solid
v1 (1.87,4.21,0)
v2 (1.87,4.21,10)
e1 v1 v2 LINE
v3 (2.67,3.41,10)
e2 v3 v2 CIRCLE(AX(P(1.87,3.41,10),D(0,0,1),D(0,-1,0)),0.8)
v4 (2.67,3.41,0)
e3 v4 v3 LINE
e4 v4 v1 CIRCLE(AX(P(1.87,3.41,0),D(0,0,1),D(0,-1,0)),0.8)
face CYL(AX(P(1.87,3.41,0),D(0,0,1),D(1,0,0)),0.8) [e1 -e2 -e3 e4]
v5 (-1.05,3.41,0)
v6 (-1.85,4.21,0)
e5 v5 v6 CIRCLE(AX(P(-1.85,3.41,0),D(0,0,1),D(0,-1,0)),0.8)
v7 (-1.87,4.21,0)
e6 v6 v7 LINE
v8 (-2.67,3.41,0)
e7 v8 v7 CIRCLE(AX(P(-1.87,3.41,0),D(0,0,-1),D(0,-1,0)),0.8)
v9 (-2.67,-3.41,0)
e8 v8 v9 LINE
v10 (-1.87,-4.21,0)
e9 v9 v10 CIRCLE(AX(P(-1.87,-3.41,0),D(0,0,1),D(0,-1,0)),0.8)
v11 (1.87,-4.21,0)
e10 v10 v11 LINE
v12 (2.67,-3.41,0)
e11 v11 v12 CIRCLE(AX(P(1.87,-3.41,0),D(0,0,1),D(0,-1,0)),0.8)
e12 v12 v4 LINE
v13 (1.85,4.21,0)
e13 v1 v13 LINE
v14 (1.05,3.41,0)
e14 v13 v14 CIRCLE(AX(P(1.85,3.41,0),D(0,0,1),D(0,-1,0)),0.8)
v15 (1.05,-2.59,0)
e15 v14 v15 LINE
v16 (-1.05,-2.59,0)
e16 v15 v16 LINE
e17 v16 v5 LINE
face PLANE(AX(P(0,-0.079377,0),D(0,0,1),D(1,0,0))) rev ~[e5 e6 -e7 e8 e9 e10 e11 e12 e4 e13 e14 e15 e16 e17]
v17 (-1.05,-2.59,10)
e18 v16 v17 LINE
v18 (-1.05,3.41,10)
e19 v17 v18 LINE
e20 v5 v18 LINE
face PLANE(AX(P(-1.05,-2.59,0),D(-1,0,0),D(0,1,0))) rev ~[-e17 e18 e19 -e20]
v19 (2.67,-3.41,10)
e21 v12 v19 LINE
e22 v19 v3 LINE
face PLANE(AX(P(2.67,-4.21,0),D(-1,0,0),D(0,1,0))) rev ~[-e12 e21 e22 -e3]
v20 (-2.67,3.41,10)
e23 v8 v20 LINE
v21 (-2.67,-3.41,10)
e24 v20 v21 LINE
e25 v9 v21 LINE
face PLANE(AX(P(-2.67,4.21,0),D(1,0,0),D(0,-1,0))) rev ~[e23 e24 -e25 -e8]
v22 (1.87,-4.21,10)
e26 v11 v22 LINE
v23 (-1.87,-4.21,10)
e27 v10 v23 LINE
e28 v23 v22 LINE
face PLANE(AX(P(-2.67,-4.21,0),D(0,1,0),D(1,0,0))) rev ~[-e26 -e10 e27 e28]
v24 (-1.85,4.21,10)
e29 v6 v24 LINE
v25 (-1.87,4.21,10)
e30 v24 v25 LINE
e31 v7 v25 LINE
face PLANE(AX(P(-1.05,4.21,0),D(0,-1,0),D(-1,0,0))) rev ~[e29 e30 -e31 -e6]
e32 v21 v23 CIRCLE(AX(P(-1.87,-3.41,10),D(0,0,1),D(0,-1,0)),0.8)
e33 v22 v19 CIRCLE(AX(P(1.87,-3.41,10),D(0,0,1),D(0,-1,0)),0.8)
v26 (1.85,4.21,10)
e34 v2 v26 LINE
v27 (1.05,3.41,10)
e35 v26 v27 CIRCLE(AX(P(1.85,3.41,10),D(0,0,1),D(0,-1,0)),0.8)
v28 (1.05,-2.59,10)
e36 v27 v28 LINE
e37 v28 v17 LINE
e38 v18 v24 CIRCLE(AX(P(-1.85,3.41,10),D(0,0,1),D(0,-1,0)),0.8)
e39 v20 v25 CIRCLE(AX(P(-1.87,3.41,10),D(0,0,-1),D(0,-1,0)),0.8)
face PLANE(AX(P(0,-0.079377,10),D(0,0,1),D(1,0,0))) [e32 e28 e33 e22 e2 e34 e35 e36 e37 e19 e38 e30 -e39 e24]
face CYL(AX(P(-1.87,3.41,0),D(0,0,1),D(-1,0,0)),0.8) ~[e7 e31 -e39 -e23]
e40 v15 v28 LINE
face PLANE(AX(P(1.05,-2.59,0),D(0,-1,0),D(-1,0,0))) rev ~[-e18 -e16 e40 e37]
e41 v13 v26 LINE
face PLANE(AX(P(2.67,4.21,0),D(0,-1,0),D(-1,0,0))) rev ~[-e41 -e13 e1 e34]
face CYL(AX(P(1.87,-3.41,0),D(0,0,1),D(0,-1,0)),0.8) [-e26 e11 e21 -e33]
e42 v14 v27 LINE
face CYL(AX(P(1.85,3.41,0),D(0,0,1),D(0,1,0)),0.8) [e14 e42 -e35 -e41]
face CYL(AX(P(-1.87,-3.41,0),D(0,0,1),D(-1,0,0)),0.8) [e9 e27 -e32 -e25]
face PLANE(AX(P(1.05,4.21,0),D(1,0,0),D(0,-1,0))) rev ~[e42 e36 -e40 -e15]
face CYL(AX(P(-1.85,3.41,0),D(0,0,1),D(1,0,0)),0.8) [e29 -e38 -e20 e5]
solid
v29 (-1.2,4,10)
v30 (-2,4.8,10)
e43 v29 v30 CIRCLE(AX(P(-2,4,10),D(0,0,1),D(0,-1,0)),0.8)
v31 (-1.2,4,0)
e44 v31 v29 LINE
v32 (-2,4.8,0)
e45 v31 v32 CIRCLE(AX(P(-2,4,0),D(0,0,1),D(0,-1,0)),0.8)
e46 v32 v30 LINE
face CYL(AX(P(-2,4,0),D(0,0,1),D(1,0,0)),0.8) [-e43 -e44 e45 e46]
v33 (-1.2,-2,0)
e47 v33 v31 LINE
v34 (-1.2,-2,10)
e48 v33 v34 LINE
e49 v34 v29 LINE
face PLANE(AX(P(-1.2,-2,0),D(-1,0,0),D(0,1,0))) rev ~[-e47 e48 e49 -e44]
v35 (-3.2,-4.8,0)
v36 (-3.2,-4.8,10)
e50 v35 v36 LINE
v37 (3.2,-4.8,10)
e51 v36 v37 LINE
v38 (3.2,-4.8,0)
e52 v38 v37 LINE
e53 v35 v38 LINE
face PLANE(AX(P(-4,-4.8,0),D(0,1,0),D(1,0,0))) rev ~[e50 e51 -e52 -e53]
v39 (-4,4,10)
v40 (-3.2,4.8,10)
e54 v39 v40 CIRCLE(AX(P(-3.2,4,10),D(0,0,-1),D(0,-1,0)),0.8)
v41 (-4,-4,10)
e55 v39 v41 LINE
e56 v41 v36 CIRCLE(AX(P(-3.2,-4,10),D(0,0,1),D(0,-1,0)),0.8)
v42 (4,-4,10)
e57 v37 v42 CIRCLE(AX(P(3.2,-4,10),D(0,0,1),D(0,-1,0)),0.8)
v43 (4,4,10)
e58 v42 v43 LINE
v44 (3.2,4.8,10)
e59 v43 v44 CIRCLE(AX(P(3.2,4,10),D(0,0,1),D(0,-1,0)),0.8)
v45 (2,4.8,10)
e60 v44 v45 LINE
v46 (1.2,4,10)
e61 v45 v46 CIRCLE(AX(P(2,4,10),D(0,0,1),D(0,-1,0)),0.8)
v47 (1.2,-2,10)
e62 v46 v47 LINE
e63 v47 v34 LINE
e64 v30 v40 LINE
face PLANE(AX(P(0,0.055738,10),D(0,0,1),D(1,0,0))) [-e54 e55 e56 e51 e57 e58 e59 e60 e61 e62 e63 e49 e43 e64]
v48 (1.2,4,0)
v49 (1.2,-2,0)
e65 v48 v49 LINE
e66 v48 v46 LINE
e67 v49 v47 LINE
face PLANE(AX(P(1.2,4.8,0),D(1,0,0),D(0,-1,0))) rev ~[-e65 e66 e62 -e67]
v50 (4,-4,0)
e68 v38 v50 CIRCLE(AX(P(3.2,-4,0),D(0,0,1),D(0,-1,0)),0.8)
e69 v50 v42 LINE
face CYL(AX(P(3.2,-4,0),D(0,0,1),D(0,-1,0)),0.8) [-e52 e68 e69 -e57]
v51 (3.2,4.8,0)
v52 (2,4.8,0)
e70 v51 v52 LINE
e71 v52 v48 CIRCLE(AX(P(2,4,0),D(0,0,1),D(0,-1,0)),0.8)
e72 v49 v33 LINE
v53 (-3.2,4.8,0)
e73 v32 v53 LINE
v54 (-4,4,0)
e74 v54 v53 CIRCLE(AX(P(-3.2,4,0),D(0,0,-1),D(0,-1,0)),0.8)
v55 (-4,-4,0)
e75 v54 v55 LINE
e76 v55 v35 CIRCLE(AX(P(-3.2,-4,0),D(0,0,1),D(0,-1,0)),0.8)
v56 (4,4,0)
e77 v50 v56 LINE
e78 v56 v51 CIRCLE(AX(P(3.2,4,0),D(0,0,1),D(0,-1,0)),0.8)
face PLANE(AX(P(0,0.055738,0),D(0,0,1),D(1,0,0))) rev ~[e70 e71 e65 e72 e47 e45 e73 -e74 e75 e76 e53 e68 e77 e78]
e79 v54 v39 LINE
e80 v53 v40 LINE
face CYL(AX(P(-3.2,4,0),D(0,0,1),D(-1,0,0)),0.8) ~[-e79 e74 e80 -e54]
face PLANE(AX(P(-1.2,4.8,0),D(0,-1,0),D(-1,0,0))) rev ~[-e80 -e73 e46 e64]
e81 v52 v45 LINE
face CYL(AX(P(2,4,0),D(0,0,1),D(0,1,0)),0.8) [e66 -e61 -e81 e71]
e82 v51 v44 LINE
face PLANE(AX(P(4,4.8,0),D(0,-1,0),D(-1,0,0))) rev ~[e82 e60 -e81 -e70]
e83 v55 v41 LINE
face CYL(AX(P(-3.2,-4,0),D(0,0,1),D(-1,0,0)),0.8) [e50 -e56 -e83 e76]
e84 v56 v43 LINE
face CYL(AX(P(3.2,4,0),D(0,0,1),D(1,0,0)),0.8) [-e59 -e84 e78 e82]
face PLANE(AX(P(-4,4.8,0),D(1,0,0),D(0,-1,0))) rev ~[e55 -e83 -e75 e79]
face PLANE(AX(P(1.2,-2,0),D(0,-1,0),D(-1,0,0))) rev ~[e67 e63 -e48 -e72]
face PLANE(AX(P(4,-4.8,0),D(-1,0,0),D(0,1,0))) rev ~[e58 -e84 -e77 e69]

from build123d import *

# Parameters (mm, degrees)
PAD_DEPTH    = 10
FILLET_R     = 0.8
PAD001_DEPTH = 10
FILLET001_R  = 0.8


with BuildPart() as filletbody:
    # Sketch → Pad (new body)
    with BuildSketch(Plane.XY):
        Polygon((-4, 4.8), (-4, -4.8), (4, -4.8), (4, 4.8), (1.2, 4.8), (1.2, -2), (-1.2, -2), (-1.2, 4.8), align=None)
    extrude(amount=PAD_DEPTH)

    # Fillet
    fillet_edges = [filletbody.edges().sort_by_distance(p)[0] for p in [
        (-4, -4.8, 5),
        (4, -4.8, 5),
        (4, 4.8, 5),
        (1.2, 4.8, 5),
        (-4, 4.8, 5),
        (-1.2, 4.8, 5),
    ]]
    fillet(fillet_edges, radius=FILLET_R)


with BuildPart() as filletbody001:
    # Sketch001 → Pad001 (new body)
    with BuildSketch(Plane.XY):
        Polygon((-2.67, 4.21), (-2.67, -4.21), (2.67, -4.21), (2.67, 4.21), (1.05, 4.21), (1.05, -2.59), (-1.05, -2.59), (-1.05, 4.21), align=None)
    extrude(amount=PAD001_DEPTH)

    # Fillet001
    fillet001_edges = [filletbody001.edges().sort_by_distance(p)[0] for p in [
        (-2.67, -4.21, 5),
        (2.67, -4.21, 5),
        (2.67, 4.21, 5),
        (1.05, 4.21, 5),
        (-2.67, 4.21, 5),
        (-1.05, 4.21, 5),
    ]]
    fillet(fillet001_edges, radius=FILLET001_R)


solid = Compound([filletbody.part, filletbody001.part])
